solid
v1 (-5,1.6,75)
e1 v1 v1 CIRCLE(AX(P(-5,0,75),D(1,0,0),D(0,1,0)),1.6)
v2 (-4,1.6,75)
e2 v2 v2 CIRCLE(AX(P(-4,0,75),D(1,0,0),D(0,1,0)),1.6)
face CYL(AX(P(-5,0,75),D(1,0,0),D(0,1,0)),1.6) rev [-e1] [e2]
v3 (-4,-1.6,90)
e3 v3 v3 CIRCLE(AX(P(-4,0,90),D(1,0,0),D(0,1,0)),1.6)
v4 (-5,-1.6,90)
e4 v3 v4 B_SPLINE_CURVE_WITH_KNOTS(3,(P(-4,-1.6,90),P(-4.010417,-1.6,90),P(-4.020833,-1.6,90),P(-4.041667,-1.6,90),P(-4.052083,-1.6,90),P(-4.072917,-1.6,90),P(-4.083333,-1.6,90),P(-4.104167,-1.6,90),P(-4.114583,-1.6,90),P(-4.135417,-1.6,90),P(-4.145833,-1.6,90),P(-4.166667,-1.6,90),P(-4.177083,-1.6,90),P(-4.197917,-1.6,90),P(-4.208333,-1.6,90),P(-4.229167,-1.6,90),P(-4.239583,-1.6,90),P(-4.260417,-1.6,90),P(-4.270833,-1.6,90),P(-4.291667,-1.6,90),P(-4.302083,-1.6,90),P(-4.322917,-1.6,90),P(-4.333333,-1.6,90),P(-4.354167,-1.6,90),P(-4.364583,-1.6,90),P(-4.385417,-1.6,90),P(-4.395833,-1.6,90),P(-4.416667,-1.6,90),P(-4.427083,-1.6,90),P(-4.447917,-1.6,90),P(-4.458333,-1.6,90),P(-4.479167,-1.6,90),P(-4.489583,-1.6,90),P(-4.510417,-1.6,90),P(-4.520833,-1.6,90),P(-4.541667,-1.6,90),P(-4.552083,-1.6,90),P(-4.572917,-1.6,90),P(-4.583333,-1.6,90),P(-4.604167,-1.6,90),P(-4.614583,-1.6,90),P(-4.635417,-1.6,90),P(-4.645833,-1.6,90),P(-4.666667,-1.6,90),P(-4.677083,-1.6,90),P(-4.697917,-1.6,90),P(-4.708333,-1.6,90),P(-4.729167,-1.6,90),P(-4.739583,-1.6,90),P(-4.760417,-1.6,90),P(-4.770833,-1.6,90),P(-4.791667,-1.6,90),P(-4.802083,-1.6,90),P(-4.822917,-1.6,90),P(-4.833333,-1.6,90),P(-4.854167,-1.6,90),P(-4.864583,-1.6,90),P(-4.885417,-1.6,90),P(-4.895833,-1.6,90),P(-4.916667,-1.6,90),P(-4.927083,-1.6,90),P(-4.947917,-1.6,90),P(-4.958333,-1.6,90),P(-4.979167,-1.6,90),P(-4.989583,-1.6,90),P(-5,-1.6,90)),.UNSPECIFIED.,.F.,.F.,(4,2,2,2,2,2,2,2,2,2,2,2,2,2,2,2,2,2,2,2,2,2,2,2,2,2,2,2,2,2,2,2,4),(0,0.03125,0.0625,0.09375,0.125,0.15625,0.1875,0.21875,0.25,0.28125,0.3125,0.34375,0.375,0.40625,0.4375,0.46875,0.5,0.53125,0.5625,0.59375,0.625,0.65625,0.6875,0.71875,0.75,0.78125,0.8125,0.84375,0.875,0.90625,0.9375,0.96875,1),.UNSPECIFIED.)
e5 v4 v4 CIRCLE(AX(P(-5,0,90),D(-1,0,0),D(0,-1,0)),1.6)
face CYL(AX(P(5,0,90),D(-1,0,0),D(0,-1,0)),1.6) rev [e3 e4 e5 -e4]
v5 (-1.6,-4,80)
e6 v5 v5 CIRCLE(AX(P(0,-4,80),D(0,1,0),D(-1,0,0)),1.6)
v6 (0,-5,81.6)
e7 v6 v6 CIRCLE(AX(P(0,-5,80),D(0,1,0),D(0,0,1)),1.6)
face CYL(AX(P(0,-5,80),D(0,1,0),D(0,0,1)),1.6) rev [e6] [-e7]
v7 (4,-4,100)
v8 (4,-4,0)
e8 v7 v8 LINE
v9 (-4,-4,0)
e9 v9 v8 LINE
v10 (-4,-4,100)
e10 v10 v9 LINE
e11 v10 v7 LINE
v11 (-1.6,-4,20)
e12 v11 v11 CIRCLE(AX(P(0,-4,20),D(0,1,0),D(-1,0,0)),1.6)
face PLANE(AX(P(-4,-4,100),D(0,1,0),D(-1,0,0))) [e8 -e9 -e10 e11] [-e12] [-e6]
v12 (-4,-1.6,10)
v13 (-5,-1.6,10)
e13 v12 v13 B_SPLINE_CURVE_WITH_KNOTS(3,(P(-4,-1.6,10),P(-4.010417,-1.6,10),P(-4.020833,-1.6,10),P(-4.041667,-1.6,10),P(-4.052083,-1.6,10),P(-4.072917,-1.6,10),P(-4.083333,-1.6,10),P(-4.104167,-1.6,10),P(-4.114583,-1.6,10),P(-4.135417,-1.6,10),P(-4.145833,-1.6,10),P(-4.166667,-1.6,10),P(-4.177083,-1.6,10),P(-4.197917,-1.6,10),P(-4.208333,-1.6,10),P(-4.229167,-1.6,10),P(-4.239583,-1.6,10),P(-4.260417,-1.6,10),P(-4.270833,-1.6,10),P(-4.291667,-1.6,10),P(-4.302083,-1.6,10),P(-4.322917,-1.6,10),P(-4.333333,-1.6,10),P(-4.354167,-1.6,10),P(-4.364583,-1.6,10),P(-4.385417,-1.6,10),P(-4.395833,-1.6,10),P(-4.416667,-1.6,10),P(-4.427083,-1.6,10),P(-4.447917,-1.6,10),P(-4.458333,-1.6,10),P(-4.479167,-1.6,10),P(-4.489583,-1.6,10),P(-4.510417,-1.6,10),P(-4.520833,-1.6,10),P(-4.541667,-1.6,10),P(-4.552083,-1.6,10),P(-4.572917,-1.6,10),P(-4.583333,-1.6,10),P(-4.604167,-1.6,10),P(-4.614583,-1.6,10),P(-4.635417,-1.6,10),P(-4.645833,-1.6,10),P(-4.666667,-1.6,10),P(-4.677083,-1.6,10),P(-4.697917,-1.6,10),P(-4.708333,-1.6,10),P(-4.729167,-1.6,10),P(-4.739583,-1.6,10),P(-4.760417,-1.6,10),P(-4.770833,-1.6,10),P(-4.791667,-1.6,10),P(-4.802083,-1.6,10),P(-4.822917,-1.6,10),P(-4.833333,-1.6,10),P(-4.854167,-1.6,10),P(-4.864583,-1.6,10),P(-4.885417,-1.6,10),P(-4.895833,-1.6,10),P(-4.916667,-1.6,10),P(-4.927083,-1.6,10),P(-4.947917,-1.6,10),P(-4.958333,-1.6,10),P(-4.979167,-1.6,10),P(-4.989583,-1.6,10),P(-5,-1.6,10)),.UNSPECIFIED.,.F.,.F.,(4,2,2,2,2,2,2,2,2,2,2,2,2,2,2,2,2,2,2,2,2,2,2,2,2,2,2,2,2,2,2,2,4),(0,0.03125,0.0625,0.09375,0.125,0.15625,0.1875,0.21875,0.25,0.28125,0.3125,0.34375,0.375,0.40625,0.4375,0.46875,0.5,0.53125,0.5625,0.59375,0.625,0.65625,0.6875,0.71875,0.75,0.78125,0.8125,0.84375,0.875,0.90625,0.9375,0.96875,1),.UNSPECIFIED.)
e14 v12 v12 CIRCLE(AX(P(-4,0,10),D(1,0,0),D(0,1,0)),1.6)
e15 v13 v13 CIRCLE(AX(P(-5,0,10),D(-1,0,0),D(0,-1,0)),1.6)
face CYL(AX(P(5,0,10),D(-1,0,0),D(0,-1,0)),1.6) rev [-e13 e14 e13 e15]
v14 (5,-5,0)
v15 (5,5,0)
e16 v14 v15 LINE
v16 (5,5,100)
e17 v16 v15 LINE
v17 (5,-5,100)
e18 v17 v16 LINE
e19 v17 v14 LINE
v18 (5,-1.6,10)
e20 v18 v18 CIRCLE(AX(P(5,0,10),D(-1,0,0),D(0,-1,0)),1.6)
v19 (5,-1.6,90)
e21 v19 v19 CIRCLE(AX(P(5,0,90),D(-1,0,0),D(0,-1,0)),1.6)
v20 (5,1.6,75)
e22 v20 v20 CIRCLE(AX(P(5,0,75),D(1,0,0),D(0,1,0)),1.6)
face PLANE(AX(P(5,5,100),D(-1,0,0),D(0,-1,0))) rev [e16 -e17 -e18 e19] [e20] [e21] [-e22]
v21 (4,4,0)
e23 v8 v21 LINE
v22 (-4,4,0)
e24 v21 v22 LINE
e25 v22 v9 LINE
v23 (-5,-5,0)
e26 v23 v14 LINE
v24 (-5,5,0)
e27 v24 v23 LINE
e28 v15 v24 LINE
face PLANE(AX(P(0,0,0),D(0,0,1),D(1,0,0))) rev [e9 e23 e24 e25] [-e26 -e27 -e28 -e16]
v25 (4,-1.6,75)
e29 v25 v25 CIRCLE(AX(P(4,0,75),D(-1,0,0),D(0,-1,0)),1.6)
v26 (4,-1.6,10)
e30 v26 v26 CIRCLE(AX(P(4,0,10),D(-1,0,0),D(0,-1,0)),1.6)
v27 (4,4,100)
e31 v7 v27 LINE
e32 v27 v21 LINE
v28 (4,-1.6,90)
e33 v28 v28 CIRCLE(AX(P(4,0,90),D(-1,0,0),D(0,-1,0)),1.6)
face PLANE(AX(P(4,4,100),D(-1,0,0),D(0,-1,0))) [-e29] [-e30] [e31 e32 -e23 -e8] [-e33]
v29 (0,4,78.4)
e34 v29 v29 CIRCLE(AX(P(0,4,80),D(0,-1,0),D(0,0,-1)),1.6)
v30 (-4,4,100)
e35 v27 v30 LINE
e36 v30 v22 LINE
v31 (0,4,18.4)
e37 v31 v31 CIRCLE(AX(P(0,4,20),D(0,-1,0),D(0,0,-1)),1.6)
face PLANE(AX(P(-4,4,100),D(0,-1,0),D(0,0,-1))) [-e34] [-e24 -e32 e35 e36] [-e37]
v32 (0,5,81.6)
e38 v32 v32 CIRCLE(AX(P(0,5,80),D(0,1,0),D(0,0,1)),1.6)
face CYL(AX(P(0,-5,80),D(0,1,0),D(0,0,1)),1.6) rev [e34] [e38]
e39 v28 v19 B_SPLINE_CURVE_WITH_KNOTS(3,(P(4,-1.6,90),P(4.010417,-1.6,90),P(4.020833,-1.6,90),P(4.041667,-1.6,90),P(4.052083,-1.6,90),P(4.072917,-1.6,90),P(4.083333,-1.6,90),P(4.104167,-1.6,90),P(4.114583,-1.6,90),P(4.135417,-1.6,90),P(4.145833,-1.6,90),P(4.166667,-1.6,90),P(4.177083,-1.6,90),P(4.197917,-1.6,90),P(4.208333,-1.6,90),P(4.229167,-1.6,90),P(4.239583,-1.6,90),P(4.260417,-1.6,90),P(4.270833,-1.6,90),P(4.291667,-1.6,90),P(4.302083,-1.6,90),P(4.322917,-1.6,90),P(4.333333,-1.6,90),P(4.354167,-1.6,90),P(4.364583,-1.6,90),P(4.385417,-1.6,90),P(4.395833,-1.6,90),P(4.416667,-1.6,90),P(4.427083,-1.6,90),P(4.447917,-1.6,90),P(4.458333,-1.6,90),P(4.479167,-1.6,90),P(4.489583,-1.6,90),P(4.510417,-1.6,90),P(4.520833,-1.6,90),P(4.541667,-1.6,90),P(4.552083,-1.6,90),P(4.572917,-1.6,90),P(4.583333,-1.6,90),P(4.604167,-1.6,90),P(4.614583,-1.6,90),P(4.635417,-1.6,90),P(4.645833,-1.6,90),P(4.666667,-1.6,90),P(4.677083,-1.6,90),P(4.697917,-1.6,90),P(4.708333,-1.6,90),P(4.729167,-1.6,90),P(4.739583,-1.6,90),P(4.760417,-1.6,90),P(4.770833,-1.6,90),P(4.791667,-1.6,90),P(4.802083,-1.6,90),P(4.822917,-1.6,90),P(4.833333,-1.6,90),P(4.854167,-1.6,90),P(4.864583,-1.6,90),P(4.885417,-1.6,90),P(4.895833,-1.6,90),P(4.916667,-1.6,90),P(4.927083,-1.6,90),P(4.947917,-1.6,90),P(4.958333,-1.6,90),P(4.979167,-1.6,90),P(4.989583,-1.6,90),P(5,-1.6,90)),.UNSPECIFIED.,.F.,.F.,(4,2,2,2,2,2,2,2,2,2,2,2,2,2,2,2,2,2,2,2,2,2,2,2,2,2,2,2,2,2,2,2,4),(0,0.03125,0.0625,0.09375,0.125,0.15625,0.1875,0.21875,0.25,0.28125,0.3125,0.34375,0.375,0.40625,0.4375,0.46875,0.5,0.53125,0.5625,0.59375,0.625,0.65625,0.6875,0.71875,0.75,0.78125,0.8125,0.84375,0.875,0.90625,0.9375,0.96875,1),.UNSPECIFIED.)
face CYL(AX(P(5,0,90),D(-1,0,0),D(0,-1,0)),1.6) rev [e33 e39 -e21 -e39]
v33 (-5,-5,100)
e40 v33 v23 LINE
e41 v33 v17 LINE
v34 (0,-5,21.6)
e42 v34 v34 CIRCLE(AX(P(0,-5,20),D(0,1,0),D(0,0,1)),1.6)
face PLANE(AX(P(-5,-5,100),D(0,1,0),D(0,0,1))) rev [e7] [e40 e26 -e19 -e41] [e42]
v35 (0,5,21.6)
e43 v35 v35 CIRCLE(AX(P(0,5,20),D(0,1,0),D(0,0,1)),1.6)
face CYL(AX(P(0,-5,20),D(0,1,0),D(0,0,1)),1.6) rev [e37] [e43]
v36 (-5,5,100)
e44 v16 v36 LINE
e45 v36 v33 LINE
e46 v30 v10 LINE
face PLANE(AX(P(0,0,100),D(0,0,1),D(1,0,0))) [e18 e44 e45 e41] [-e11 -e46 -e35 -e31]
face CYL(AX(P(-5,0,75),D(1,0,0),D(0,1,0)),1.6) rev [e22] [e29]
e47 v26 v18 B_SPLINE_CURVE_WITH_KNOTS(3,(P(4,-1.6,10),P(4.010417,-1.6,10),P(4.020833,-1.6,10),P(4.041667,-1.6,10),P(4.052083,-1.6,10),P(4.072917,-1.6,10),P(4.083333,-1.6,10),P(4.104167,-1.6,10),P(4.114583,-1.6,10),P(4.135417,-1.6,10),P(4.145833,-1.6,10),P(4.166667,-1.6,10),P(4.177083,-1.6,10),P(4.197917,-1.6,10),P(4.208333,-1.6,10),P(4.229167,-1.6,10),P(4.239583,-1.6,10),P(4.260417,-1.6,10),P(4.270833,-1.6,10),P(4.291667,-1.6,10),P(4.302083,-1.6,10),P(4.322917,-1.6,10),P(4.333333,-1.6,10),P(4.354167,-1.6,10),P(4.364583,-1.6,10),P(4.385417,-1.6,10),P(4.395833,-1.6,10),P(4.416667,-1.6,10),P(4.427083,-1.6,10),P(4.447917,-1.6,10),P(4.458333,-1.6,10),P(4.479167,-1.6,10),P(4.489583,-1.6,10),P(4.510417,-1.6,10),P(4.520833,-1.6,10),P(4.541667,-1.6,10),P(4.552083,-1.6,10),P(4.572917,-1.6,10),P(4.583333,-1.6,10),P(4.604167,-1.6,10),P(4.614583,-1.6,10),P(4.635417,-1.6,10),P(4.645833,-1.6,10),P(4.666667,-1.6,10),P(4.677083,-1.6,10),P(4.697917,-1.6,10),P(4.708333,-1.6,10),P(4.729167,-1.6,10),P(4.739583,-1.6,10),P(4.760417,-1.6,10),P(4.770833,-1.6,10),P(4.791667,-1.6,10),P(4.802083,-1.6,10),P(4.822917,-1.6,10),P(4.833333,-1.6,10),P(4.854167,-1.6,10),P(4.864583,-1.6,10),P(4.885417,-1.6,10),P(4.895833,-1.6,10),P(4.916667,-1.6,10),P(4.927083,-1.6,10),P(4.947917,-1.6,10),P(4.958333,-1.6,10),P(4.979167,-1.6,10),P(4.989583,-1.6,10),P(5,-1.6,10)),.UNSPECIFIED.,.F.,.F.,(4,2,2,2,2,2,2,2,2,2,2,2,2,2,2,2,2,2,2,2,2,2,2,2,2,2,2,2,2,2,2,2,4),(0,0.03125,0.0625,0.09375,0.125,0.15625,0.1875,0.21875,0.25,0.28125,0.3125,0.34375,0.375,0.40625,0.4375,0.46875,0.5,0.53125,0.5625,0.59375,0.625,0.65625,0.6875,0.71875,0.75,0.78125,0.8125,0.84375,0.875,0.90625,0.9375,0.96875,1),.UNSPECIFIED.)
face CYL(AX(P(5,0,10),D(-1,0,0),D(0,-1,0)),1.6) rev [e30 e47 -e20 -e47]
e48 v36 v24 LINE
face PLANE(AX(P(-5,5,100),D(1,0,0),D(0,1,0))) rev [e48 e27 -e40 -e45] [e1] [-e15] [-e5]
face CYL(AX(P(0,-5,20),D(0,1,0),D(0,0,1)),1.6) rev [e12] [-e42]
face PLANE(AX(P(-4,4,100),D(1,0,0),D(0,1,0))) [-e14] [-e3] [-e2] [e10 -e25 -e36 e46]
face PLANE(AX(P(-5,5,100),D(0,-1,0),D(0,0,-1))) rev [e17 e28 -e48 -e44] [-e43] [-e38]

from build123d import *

# Parameters (mm, degrees)
SKETCH_1_W          = 10
SKETCH_1_H          = 10
SKETCH_1_W_2        = 8
SKETCH_1_H_2        = 8
EXTRUDE_1_DEPTH     = 100
SKETCH_2_R          = 1.6
CUT_EXTRUDE_1_DEPTH = 101.623058987
SKETCH_3_R          = 1.6
CUT_EXTRUDE_2_DEPTH = 101.623058987
SKETCH_4_R          = 1.6
CUT_EXTRUDE_3_DEPTH = 101.623058987


with BuildPart() as part:
    # ｽｹｯﾁ1 → ﾎﾞｽ - 押し出し1 (new body)
    with BuildSketch(Plane.XY):
        Rectangle(SKETCH_1_W, SKETCH_1_H)
        Rectangle(SKETCH_1_W_2, SKETCH_1_H_2, mode=Mode.SUBTRACT)
    extrude(amount=EXTRUDE_1_DEPTH)

    # ｽｹｯﾁ2 → ｶｯﾄ - 押し出し1 (cut, through all)
    with BuildSketch(Plane(origin=(0, 5, 0), x_dir=(1, 0, 0), z_dir=(0, 1, 0))):
        with Locations(Location((0, -20, 0), (0, 0, 270))):
            Circle(SKETCH_2_R)
        with Locations(Location((0, -80, 0), (0, 0, 270))):
            Circle(SKETCH_2_R)
    extrude(amount=-CUT_EXTRUDE_1_DEPTH, mode=Mode.SUBTRACT)

    # ｽｹｯﾁ3 → ｶｯﾄ - 押し出し2 (cut, through all)
    with BuildSketch(Plane.ZY.offset(5)):
        with Locations(Location((10, 0, 0), (0, 0, 270))):
            Circle(SKETCH_3_R)
        with Locations(Location((90, 0, 0), (0, 0, 270))):
            Circle(SKETCH_3_R)
    extrude(amount=-CUT_EXTRUDE_2_DEPTH, mode=Mode.SUBTRACT)

    # ｽｹｯﾁ4 → ｶｯﾄ - 押し出し3 (cut, through all)
    with BuildSketch(Plane(origin=(5, 0, 0), x_dir=(0, 0, -1), z_dir=(1, 0, 0))):
        with Locations(Location((-75, 0, 0), (0, 0, 90))):
            Circle(SKETCH_4_R)
    extrude(amount=-CUT_EXTRUDE_3_DEPTH, mode=Mode.SUBTRACT)


solid = part.part
